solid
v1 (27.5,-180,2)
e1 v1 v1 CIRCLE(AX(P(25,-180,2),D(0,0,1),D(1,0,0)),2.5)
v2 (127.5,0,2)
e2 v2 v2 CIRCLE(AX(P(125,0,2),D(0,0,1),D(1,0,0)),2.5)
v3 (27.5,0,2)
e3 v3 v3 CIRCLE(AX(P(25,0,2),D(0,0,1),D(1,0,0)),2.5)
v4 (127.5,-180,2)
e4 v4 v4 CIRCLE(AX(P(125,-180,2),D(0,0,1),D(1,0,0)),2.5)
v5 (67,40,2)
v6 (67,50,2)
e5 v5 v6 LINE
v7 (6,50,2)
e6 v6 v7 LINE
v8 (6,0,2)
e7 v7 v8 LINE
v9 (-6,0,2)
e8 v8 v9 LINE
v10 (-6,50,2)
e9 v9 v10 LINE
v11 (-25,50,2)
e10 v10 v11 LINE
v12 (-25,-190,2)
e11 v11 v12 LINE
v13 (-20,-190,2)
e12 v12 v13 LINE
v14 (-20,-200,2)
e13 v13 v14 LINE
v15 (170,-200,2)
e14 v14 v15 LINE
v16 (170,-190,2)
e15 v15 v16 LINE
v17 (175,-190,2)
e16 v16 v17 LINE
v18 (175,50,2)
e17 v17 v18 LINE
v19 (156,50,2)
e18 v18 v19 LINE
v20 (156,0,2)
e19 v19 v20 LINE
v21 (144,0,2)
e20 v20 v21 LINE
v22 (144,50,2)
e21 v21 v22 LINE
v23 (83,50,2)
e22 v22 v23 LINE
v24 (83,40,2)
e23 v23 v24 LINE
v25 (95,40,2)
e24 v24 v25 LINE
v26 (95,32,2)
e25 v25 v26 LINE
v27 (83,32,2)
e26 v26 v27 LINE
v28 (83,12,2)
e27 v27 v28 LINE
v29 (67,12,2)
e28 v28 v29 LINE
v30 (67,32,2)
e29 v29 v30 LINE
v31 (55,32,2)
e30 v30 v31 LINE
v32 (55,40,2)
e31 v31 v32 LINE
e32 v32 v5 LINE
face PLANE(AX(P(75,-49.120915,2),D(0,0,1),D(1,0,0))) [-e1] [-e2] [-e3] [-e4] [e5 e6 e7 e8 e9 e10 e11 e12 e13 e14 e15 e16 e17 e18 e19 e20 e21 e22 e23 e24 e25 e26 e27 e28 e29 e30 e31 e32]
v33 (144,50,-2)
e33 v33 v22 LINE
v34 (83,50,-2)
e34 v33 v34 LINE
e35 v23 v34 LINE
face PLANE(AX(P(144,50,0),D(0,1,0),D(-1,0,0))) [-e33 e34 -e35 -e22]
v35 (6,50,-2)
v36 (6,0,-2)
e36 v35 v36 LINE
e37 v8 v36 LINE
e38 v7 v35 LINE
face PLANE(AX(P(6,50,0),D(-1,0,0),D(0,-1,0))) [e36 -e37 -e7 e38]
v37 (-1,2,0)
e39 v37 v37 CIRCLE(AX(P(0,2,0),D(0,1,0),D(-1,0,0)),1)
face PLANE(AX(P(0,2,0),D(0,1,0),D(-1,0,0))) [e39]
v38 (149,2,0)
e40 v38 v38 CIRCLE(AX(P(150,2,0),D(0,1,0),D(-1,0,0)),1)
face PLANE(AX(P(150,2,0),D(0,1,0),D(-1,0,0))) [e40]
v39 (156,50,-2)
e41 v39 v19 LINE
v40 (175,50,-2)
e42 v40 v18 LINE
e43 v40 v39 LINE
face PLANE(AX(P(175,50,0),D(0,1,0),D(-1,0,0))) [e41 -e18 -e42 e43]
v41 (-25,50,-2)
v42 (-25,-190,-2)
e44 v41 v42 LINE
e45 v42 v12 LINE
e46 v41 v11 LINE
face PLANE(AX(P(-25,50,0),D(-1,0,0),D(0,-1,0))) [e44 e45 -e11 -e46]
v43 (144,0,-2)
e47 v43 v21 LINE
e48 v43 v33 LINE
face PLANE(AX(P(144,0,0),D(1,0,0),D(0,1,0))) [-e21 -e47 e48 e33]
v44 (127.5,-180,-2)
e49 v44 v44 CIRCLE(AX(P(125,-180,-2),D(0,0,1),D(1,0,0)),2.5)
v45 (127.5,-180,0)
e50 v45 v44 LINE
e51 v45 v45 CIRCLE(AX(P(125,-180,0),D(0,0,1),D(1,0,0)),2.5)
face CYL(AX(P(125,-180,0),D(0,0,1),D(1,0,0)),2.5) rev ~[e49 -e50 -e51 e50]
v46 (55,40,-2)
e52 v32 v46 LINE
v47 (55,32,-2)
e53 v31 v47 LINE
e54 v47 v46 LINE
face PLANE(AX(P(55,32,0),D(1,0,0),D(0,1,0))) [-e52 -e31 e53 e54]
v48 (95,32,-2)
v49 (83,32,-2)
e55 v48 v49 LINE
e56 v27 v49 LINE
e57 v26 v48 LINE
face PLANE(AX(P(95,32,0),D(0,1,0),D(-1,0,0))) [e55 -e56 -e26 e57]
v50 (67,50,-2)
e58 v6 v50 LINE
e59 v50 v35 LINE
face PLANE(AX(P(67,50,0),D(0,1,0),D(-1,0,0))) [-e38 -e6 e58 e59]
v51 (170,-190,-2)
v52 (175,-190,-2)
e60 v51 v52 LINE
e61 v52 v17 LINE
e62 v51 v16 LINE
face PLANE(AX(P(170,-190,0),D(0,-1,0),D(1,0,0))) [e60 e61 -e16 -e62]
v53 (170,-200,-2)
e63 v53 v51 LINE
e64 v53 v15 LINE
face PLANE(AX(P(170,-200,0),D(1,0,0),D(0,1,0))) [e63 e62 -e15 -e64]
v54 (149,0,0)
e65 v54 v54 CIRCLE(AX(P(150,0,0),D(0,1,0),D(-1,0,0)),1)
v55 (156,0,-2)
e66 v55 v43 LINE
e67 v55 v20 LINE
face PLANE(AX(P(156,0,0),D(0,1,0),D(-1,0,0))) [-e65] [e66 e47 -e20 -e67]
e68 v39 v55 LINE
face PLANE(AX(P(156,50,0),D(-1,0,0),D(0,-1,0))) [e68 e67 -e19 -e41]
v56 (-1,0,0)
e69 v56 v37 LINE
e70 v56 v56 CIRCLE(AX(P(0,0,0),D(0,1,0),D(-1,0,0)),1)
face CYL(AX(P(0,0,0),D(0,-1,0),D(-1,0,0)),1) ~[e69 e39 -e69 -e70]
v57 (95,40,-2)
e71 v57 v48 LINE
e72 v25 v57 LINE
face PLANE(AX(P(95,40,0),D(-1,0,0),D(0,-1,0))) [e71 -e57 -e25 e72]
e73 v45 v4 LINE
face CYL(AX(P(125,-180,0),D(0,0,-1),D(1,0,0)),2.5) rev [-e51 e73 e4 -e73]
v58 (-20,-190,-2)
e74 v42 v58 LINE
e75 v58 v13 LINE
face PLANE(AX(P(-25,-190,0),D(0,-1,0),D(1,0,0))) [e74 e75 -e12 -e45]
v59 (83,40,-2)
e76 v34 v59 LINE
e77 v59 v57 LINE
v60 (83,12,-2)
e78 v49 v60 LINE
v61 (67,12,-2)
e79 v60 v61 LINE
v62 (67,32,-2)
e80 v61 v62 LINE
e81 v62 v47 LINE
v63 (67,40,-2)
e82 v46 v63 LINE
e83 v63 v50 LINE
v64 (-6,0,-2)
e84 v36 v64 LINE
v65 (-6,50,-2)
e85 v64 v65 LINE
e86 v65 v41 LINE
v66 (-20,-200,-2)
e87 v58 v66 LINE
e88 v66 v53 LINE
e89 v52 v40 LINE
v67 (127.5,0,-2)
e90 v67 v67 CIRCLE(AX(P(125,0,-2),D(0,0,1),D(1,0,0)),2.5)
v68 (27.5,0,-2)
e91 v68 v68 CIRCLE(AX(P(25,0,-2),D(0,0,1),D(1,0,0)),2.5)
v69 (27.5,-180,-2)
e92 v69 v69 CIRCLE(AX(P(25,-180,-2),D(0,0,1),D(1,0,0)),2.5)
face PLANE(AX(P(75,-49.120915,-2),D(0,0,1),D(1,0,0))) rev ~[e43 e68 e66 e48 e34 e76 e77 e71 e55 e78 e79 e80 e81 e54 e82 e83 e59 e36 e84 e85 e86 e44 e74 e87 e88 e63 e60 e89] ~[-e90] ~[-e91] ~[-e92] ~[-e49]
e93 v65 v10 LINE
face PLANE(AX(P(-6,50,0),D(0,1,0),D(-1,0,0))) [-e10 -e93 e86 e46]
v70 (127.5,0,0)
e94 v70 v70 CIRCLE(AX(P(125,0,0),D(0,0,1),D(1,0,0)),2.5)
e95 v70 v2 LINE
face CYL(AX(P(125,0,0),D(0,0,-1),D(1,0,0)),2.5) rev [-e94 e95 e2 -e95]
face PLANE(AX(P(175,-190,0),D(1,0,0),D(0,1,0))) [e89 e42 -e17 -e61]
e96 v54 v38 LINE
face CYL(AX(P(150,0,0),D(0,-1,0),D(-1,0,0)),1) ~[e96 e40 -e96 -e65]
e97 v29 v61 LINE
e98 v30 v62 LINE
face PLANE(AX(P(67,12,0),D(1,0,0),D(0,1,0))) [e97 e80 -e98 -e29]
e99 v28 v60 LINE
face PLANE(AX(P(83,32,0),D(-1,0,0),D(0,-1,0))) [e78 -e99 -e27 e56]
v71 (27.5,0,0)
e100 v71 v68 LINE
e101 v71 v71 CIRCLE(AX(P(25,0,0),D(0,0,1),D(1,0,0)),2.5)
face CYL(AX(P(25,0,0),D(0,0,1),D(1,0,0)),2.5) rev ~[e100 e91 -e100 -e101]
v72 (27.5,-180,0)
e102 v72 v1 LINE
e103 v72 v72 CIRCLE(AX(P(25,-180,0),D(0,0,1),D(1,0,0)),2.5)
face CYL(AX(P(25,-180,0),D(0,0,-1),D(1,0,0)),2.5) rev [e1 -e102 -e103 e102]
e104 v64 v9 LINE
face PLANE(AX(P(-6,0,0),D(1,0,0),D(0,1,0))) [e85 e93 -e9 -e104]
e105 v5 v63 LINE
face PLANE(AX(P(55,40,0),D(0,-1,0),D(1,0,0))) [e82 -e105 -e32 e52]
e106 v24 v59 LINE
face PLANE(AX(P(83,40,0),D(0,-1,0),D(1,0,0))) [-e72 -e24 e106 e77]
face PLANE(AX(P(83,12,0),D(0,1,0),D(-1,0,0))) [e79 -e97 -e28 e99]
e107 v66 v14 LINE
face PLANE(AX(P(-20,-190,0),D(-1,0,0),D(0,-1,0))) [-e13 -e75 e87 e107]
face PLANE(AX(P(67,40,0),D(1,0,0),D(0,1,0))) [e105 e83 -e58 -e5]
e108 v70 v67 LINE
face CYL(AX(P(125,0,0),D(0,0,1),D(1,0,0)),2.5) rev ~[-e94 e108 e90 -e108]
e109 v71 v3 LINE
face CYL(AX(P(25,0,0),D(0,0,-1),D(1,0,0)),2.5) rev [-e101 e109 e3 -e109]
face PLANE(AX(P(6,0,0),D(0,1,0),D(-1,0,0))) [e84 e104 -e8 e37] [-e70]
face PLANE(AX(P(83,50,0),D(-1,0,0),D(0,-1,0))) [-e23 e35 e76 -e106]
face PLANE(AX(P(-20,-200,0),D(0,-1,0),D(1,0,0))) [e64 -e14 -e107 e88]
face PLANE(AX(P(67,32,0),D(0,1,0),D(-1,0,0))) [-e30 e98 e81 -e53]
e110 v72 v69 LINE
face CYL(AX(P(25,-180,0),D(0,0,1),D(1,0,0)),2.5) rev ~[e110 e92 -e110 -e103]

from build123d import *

# Parameters (mm, degrees)
F0_R          = 2.5
F1_DEPTH      = 2
F1_DEPTH_BACK = 2
F2_R          = 1
F3_DEPTH      = 2


with BuildPart() as f1:
    # F0 (on Top) → F1 (new body, two sides)
    with BuildSketch(Plane.XY) as f1_sk:
        Polygon((6, 0), (-6, 0), (-6, 50), (-25, 50), (-25, -190), (-20, -190), (-20, -200), (170, -200), (170, -190), (175, -190), (175, 50), (156, 50), (156, 0), (144, 0), (144, 50), (83, 50), (83, 40), (95, 40), (95, 32), (83, 32), (83, 12), (67, 12), (67, 32), (55, 32), (55, 40), (67, 40), (67, 50), (6, 50), align=None)
        with Locations((25, -180)):
            Circle(F0_R, mode=Mode.SUBTRACT)
        with Locations((125, -180)):
            Circle(F0_R, mode=Mode.SUBTRACT)
        with Locations((25, 0)):
            Circle(F0_R, mode=Mode.SUBTRACT)
        with Locations((125, 0)):
            Circle(F0_R, mode=Mode.SUBTRACT)
    extrude(amount=F1_DEPTH)
    extrude(f1_sk.sketch, amount=-F1_DEPTH_BACK)

    # F2 (on face) → F3 (join)
    with BuildSketch(Plane(origin=(0, 0, 0), x_dir=(-1, 0, 0), z_dir=(0, 1, 0))):
        with Locations((-150, 0)):
            Circle(F2_R)
        Circle(F2_R)
    extrude(amount=F3_DEPTH)


solid = f1.part
